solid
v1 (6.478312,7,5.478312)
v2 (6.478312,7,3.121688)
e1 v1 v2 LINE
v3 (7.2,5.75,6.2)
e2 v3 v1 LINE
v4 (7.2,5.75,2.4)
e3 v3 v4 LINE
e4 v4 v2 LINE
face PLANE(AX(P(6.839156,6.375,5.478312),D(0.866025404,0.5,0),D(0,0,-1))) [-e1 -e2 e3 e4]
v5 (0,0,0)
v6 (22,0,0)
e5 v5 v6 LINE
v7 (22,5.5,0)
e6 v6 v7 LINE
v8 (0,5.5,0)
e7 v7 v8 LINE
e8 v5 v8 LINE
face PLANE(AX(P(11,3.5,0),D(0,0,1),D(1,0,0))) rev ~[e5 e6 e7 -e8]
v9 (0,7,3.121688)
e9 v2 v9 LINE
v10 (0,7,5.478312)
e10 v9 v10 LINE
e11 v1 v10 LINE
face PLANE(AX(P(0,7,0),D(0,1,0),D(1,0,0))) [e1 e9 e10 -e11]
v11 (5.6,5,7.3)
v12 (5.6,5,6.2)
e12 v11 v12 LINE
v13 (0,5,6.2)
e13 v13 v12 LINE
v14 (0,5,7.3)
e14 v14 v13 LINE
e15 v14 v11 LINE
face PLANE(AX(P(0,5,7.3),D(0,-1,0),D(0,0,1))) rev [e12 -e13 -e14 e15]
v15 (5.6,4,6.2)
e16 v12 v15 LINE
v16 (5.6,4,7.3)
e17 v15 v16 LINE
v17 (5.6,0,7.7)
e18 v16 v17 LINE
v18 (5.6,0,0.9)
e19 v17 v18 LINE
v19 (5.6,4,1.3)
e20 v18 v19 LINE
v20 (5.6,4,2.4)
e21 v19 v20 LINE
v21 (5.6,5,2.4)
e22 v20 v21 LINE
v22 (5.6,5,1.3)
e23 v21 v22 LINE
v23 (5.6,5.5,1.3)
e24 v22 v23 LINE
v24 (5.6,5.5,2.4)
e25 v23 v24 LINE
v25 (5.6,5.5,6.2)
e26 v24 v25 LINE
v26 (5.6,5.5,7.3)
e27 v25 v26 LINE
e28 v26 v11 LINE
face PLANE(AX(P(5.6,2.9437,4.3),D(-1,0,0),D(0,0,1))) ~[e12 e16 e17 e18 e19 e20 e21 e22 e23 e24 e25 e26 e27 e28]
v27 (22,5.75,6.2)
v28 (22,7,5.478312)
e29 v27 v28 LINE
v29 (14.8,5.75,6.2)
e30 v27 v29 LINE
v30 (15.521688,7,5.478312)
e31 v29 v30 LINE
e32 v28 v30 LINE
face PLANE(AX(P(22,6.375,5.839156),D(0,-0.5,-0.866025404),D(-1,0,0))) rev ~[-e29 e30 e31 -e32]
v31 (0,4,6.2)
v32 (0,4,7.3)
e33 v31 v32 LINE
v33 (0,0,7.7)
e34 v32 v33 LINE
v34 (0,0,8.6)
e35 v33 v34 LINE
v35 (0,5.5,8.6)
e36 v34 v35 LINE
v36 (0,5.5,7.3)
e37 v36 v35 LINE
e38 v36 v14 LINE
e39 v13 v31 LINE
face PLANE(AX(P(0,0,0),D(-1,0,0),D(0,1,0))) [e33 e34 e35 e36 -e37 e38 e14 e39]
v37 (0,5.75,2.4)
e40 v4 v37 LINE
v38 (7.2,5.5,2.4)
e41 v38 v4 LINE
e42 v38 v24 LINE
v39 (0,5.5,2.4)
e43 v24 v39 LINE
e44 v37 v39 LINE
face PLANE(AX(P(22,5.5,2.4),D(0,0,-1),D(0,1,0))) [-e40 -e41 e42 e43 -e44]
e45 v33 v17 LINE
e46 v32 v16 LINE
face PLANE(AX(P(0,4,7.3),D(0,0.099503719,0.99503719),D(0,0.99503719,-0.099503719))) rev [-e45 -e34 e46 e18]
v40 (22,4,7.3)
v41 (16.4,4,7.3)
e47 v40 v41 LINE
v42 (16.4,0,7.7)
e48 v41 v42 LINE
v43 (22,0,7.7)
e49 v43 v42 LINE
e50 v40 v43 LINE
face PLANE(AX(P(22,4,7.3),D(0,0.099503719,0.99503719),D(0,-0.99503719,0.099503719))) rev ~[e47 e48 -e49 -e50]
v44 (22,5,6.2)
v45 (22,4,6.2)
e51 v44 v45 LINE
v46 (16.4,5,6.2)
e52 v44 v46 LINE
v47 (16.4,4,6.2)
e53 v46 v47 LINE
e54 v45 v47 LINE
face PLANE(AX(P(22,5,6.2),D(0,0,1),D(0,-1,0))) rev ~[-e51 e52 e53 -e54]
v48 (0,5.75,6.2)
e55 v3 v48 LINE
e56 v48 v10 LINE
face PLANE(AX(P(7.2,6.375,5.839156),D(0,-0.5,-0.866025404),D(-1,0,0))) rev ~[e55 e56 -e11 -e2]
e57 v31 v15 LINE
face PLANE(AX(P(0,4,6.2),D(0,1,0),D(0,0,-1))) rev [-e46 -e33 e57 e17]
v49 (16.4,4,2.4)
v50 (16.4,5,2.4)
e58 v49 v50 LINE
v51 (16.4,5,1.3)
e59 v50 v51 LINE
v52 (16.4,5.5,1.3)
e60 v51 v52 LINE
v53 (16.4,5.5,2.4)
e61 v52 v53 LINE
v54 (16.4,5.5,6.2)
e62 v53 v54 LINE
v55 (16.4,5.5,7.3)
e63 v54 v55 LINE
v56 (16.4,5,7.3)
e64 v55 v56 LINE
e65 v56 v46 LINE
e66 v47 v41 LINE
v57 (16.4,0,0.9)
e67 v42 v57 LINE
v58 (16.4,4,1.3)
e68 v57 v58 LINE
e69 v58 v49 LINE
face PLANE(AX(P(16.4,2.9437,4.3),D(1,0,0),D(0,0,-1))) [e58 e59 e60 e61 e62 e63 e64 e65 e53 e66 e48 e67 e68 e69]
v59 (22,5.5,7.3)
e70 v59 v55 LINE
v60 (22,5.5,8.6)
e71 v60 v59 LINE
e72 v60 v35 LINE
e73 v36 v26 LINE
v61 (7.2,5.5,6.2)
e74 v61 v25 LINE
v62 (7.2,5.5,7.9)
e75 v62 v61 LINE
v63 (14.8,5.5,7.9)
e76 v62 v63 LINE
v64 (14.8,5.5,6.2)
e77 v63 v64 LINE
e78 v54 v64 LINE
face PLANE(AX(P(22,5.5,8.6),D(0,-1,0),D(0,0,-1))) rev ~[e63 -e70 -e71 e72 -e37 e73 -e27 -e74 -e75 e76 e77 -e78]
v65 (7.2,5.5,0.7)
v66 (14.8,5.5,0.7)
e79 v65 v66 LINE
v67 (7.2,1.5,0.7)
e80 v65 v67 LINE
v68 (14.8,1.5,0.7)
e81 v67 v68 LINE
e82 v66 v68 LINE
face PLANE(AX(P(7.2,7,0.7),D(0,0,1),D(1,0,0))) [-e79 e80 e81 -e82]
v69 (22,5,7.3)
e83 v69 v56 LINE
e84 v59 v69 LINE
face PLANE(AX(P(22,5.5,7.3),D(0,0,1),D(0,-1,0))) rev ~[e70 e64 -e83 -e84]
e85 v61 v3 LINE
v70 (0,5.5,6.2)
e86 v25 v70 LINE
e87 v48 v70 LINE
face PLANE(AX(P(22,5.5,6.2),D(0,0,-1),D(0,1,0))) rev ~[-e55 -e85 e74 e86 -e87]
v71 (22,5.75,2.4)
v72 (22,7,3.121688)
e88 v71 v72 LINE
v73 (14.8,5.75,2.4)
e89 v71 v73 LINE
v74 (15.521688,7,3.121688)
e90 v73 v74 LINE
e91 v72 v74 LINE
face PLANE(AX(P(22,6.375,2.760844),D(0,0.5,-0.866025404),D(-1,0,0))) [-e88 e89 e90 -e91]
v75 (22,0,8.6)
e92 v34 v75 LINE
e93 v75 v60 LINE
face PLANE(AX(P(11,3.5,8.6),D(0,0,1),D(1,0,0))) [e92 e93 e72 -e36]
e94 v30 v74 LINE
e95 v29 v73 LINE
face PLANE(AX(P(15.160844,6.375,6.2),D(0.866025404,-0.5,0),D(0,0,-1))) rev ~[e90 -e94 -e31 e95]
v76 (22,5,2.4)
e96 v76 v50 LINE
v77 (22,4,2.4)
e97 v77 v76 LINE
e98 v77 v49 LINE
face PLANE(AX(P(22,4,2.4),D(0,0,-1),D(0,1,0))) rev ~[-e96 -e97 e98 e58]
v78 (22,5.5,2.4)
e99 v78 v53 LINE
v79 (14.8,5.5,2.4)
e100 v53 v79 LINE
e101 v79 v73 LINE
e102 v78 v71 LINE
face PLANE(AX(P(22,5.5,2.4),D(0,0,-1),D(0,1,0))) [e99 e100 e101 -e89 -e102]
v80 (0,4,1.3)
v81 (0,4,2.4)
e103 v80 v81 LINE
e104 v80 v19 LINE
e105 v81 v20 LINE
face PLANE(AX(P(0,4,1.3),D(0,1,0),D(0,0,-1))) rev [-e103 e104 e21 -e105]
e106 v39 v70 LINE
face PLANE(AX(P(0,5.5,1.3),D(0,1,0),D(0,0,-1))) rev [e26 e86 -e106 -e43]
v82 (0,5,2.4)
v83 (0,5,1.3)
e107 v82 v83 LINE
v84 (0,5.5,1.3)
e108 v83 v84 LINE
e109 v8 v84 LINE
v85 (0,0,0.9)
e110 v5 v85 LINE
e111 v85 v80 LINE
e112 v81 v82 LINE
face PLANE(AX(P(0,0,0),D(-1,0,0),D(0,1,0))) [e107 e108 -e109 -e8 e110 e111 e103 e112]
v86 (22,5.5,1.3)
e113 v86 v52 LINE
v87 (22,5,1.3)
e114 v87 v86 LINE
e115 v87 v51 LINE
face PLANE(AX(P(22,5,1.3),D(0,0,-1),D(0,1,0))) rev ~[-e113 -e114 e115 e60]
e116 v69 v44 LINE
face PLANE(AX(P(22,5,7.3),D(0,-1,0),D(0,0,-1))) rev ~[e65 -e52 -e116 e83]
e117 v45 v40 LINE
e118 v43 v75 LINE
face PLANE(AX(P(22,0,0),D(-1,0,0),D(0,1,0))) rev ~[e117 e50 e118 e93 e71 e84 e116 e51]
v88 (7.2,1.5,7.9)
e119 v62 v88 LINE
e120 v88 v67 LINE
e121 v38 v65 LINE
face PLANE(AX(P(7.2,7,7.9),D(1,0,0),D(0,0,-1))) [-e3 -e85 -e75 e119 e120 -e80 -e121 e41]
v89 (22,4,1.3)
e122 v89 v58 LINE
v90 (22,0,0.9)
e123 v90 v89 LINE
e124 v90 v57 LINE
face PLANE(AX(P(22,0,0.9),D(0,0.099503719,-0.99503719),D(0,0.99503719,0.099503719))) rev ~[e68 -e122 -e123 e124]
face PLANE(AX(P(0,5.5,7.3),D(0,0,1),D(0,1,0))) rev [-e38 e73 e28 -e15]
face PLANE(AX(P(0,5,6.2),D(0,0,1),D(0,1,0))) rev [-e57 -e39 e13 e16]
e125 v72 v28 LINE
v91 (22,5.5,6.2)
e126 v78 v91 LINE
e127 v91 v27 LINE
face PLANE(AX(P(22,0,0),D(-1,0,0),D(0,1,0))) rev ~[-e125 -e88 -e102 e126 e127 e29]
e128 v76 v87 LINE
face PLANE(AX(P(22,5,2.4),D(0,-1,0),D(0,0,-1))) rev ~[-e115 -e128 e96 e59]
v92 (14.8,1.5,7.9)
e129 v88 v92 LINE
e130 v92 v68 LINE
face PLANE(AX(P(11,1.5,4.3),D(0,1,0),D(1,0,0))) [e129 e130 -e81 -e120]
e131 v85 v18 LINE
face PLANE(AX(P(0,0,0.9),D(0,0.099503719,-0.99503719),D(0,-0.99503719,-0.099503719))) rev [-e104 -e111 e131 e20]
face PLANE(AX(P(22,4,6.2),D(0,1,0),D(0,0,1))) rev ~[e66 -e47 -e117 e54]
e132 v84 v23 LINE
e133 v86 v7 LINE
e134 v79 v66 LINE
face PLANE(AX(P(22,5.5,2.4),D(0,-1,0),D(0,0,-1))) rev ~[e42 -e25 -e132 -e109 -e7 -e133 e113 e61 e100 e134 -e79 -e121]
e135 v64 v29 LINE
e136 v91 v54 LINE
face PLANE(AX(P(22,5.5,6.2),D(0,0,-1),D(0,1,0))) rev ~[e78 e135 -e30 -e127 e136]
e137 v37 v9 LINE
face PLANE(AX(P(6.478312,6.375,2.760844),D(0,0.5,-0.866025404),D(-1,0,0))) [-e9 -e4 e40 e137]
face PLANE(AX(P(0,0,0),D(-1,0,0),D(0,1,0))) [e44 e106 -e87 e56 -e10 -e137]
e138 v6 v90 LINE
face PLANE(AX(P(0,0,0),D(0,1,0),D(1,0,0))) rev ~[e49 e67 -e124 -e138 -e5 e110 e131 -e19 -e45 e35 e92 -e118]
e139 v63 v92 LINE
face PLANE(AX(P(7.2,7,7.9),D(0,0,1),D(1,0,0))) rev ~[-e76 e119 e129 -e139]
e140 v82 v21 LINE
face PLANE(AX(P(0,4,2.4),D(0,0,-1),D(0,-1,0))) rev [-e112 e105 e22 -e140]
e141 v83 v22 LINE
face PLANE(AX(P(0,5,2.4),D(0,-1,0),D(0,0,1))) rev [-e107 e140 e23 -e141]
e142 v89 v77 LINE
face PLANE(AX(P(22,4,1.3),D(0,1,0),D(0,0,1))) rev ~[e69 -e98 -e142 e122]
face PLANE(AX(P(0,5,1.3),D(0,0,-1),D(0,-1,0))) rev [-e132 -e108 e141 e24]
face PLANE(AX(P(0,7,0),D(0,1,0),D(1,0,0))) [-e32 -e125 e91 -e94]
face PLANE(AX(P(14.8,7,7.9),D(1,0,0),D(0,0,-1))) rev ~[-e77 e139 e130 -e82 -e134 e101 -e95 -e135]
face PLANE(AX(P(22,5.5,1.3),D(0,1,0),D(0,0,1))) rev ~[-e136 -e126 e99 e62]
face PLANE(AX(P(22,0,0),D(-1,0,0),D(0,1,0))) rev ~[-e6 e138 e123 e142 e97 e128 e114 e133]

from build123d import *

# Parameters (mm, degrees)
ESQUISSE1_W             = 22
ESQUISSE1_H             = 7
BOSS_EXTRU_1_DEPTH      = 8.6
ESQUISSE2_W             = 7.6
ESQUISSE2_H             = 7.2
ENL_V_MAT_EXTRU_1_DEPTH = 5.5
ESQUISSE3_W             = 2.4
ESQUISSE3_H             = 1.5
ENL_V_MAT_EXTRU_2_DEPTH = 23
ENL_V_MAT_EXTRU_5_DEPTH = 5.6
CHANFREIN1_SIZE         = 1.25
CHANFREIN1_SIZE2        = 0.721687836
CHANFREIN1_PART_2_SIZE  = 1.25
CHANFREIN1_PART_2_SIZE2 = 0.721687836
CHANFREIN1_PART_3_SIZE  = 1.25
CHANFREIN1_PART_3_SIZE2 = 0.721687836
CHANFREIN2_SIZE         = 1.25
CHANFREIN2_SIZE2        = 0.721687836
CHANFREIN2_PART_2_SIZE  = 1.25
CHANFREIN2_PART_2_SIZE2 = 0.721687836
CHANFREIN2_PART_3_SIZE  = 1.25
CHANFREIN2_PART_3_SIZE2 = 0.721687836


with BuildPart() as part:
    # Esquisse1 → Boss.-Extru.1 (new body)
    with BuildSketch(Plane.XY):
        with Locations((11, 3.5)):
            Rectangle(ESQUISSE1_W, ESQUISSE1_H)
    extrude(amount=BOSS_EXTRU_1_DEPTH)

    # Esquisse2 → Enlèv. mat.-Extru.1 (cut)
    with BuildSketch(Plane(origin=(0, 7, 0), x_dir=(1, 0, 0), z_dir=(0, 1, 0))):
        with Locations((11, -4.3)):
            Rectangle(ESQUISSE2_W, ESQUISSE2_H)
    extrude(amount=-ENL_V_MAT_EXTRU_1_DEPTH, mode=Mode.SUBTRACT)

    # Esquisse3 → Enlèv. mat.-Extru.2 (cut, through all)
    with BuildSketch(Plane(origin=(22, 0, 0), x_dir=(0, 0, -1), z_dir=(1, 0, 0))):
        with Locations((-1.2, 6.25)):
            Rectangle(ESQUISSE3_W, ESQUISSE3_H)
        with Locations((-7.4, 6.25)):
            Rectangle(ESQUISSE3_W, ESQUISSE3_H)
    extrude(amount=-ENL_V_MAT_EXTRU_2_DEPTH, mode=Mode.SUBTRACT)

    # Esquisse6 → Enlèv. mat.-Extru.5 (cut)
    with BuildSketch(Plane(origin=(22, 0, 0), x_dir=(0, 0, -1), z_dir=(1, 0, 0))):
        Polygon((-1.3, 5.5), (-7.3, 5.5), (-7.3, 5), (-6.2, 5), (-6.2, 4), (-7.3, 4), (-7.7, 0), (-0.9, 0), (-1.3, 4), (-2.4, 4), (-2.4, 5), (-1.3, 5), align=None)
    enl_v_mat_extru_5 = extrude(amount=-ENL_V_MAT_EXTRU_5_DEPTH, mode=Mode.SUBTRACT)

    # Chanfrein1
    chanfrein1_edges = [part.edges().sort_by_distance(p)[0] for p in [
        (14.8, 7, 4.3),
    ]]
    chanfrein1_side = [part.faces().sort_by_distance(p)[0] for p in [
        (14.8, 3.954347826, 4.3),
    ]]
    chamfer(chanfrein1_edges, length=CHANFREIN1_SIZE, length2=CHANFREIN1_SIZE2, reference=chanfrein1_side[0])

    # Chanfrein1 part 2
    chanfrein1_part_2_edges = [part.edges().sort_by_distance(p)[0] for p in [
        (18.4, 7, 6.2),
    ]]
    chanfrein1_part_2_side = [part.faces().sort_by_distance(p)[0] for p in [
        (18.4, 6.25, 6.2),
    ]]
    chamfer(chanfrein1_part_2_edges, length=CHANFREIN1_PART_2_SIZE, length2=CHANFREIN1_PART_2_SIZE2, reference=chanfrein1_part_2_side[0])

    # Chanfrein1 part 3
    chanfrein1_part_3_edges = [part.edges().sort_by_distance(p)[0] for p in [
        (18.4, 7, 2.4),
    ]]
    chanfrein1_part_3_side = [part.faces().sort_by_distance(p)[0] for p in [
        (18.4, 6.25, 2.4),
    ]]
    chamfer(chanfrein1_part_3_edges, length=CHANFREIN1_PART_3_SIZE, length2=CHANFREIN1_PART_3_SIZE2, reference=chanfrein1_part_3_side[0])

    # Symétrie4: Enlèv. mat.-Extru.5 across plane
    add(enl_v_mat_extru_5.mirror(Plane(origin=(11, 0, 0), x_dir=(0, 0, 1), z_dir=(1, 0, 0))), mode=Mode.SUBTRACT)

    # Chanfrein2
    chanfrein2_edges = [part.edges().sort_by_distance(p)[0] for p in [
        (3.6, 7, 6.2),
    ]]
    chanfrein2_side = [part.faces().sort_by_distance(p)[0] for p in [
        (3.6, 6.25, 6.2),
    ]]
    chamfer(chanfrein2_edges, length=CHANFREIN2_SIZE, length2=CHANFREIN2_SIZE2, reference=chanfrein2_side[0])

    # Chanfrein2 part 2
    chanfrein2_part_2_edges = [part.edges().sort_by_distance(p)[0] for p in [
        (7.2, 7, 4.3),
    ]]
    chanfrein2_part_2_side = [part.faces().sort_by_distance(p)[0] for p in [
        (7.2, 3.954347826, 4.3),
    ]]
    chamfer(chanfrein2_part_2_edges, length=CHANFREIN2_PART_2_SIZE, length2=CHANFREIN2_PART_2_SIZE2, reference=chanfrein2_part_2_side[0])

    # Chanfrein2 part 3
    chanfrein2_part_3_edges = [part.edges().sort_by_distance(p)[0] for p in [
        (3.6, 7, 2.4),
    ]]
    chanfrein2_part_3_side = [part.faces().sort_by_distance(p)[0] for p in [
        (3.6, 6.25, 2.4),
    ]]
    chamfer(chanfrein2_part_3_edges, length=CHANFREIN2_PART_3_SIZE, length2=CHANFREIN2_PART_3_SIZE2, reference=chanfrein2_part_3_side[0])


solid = part.part
